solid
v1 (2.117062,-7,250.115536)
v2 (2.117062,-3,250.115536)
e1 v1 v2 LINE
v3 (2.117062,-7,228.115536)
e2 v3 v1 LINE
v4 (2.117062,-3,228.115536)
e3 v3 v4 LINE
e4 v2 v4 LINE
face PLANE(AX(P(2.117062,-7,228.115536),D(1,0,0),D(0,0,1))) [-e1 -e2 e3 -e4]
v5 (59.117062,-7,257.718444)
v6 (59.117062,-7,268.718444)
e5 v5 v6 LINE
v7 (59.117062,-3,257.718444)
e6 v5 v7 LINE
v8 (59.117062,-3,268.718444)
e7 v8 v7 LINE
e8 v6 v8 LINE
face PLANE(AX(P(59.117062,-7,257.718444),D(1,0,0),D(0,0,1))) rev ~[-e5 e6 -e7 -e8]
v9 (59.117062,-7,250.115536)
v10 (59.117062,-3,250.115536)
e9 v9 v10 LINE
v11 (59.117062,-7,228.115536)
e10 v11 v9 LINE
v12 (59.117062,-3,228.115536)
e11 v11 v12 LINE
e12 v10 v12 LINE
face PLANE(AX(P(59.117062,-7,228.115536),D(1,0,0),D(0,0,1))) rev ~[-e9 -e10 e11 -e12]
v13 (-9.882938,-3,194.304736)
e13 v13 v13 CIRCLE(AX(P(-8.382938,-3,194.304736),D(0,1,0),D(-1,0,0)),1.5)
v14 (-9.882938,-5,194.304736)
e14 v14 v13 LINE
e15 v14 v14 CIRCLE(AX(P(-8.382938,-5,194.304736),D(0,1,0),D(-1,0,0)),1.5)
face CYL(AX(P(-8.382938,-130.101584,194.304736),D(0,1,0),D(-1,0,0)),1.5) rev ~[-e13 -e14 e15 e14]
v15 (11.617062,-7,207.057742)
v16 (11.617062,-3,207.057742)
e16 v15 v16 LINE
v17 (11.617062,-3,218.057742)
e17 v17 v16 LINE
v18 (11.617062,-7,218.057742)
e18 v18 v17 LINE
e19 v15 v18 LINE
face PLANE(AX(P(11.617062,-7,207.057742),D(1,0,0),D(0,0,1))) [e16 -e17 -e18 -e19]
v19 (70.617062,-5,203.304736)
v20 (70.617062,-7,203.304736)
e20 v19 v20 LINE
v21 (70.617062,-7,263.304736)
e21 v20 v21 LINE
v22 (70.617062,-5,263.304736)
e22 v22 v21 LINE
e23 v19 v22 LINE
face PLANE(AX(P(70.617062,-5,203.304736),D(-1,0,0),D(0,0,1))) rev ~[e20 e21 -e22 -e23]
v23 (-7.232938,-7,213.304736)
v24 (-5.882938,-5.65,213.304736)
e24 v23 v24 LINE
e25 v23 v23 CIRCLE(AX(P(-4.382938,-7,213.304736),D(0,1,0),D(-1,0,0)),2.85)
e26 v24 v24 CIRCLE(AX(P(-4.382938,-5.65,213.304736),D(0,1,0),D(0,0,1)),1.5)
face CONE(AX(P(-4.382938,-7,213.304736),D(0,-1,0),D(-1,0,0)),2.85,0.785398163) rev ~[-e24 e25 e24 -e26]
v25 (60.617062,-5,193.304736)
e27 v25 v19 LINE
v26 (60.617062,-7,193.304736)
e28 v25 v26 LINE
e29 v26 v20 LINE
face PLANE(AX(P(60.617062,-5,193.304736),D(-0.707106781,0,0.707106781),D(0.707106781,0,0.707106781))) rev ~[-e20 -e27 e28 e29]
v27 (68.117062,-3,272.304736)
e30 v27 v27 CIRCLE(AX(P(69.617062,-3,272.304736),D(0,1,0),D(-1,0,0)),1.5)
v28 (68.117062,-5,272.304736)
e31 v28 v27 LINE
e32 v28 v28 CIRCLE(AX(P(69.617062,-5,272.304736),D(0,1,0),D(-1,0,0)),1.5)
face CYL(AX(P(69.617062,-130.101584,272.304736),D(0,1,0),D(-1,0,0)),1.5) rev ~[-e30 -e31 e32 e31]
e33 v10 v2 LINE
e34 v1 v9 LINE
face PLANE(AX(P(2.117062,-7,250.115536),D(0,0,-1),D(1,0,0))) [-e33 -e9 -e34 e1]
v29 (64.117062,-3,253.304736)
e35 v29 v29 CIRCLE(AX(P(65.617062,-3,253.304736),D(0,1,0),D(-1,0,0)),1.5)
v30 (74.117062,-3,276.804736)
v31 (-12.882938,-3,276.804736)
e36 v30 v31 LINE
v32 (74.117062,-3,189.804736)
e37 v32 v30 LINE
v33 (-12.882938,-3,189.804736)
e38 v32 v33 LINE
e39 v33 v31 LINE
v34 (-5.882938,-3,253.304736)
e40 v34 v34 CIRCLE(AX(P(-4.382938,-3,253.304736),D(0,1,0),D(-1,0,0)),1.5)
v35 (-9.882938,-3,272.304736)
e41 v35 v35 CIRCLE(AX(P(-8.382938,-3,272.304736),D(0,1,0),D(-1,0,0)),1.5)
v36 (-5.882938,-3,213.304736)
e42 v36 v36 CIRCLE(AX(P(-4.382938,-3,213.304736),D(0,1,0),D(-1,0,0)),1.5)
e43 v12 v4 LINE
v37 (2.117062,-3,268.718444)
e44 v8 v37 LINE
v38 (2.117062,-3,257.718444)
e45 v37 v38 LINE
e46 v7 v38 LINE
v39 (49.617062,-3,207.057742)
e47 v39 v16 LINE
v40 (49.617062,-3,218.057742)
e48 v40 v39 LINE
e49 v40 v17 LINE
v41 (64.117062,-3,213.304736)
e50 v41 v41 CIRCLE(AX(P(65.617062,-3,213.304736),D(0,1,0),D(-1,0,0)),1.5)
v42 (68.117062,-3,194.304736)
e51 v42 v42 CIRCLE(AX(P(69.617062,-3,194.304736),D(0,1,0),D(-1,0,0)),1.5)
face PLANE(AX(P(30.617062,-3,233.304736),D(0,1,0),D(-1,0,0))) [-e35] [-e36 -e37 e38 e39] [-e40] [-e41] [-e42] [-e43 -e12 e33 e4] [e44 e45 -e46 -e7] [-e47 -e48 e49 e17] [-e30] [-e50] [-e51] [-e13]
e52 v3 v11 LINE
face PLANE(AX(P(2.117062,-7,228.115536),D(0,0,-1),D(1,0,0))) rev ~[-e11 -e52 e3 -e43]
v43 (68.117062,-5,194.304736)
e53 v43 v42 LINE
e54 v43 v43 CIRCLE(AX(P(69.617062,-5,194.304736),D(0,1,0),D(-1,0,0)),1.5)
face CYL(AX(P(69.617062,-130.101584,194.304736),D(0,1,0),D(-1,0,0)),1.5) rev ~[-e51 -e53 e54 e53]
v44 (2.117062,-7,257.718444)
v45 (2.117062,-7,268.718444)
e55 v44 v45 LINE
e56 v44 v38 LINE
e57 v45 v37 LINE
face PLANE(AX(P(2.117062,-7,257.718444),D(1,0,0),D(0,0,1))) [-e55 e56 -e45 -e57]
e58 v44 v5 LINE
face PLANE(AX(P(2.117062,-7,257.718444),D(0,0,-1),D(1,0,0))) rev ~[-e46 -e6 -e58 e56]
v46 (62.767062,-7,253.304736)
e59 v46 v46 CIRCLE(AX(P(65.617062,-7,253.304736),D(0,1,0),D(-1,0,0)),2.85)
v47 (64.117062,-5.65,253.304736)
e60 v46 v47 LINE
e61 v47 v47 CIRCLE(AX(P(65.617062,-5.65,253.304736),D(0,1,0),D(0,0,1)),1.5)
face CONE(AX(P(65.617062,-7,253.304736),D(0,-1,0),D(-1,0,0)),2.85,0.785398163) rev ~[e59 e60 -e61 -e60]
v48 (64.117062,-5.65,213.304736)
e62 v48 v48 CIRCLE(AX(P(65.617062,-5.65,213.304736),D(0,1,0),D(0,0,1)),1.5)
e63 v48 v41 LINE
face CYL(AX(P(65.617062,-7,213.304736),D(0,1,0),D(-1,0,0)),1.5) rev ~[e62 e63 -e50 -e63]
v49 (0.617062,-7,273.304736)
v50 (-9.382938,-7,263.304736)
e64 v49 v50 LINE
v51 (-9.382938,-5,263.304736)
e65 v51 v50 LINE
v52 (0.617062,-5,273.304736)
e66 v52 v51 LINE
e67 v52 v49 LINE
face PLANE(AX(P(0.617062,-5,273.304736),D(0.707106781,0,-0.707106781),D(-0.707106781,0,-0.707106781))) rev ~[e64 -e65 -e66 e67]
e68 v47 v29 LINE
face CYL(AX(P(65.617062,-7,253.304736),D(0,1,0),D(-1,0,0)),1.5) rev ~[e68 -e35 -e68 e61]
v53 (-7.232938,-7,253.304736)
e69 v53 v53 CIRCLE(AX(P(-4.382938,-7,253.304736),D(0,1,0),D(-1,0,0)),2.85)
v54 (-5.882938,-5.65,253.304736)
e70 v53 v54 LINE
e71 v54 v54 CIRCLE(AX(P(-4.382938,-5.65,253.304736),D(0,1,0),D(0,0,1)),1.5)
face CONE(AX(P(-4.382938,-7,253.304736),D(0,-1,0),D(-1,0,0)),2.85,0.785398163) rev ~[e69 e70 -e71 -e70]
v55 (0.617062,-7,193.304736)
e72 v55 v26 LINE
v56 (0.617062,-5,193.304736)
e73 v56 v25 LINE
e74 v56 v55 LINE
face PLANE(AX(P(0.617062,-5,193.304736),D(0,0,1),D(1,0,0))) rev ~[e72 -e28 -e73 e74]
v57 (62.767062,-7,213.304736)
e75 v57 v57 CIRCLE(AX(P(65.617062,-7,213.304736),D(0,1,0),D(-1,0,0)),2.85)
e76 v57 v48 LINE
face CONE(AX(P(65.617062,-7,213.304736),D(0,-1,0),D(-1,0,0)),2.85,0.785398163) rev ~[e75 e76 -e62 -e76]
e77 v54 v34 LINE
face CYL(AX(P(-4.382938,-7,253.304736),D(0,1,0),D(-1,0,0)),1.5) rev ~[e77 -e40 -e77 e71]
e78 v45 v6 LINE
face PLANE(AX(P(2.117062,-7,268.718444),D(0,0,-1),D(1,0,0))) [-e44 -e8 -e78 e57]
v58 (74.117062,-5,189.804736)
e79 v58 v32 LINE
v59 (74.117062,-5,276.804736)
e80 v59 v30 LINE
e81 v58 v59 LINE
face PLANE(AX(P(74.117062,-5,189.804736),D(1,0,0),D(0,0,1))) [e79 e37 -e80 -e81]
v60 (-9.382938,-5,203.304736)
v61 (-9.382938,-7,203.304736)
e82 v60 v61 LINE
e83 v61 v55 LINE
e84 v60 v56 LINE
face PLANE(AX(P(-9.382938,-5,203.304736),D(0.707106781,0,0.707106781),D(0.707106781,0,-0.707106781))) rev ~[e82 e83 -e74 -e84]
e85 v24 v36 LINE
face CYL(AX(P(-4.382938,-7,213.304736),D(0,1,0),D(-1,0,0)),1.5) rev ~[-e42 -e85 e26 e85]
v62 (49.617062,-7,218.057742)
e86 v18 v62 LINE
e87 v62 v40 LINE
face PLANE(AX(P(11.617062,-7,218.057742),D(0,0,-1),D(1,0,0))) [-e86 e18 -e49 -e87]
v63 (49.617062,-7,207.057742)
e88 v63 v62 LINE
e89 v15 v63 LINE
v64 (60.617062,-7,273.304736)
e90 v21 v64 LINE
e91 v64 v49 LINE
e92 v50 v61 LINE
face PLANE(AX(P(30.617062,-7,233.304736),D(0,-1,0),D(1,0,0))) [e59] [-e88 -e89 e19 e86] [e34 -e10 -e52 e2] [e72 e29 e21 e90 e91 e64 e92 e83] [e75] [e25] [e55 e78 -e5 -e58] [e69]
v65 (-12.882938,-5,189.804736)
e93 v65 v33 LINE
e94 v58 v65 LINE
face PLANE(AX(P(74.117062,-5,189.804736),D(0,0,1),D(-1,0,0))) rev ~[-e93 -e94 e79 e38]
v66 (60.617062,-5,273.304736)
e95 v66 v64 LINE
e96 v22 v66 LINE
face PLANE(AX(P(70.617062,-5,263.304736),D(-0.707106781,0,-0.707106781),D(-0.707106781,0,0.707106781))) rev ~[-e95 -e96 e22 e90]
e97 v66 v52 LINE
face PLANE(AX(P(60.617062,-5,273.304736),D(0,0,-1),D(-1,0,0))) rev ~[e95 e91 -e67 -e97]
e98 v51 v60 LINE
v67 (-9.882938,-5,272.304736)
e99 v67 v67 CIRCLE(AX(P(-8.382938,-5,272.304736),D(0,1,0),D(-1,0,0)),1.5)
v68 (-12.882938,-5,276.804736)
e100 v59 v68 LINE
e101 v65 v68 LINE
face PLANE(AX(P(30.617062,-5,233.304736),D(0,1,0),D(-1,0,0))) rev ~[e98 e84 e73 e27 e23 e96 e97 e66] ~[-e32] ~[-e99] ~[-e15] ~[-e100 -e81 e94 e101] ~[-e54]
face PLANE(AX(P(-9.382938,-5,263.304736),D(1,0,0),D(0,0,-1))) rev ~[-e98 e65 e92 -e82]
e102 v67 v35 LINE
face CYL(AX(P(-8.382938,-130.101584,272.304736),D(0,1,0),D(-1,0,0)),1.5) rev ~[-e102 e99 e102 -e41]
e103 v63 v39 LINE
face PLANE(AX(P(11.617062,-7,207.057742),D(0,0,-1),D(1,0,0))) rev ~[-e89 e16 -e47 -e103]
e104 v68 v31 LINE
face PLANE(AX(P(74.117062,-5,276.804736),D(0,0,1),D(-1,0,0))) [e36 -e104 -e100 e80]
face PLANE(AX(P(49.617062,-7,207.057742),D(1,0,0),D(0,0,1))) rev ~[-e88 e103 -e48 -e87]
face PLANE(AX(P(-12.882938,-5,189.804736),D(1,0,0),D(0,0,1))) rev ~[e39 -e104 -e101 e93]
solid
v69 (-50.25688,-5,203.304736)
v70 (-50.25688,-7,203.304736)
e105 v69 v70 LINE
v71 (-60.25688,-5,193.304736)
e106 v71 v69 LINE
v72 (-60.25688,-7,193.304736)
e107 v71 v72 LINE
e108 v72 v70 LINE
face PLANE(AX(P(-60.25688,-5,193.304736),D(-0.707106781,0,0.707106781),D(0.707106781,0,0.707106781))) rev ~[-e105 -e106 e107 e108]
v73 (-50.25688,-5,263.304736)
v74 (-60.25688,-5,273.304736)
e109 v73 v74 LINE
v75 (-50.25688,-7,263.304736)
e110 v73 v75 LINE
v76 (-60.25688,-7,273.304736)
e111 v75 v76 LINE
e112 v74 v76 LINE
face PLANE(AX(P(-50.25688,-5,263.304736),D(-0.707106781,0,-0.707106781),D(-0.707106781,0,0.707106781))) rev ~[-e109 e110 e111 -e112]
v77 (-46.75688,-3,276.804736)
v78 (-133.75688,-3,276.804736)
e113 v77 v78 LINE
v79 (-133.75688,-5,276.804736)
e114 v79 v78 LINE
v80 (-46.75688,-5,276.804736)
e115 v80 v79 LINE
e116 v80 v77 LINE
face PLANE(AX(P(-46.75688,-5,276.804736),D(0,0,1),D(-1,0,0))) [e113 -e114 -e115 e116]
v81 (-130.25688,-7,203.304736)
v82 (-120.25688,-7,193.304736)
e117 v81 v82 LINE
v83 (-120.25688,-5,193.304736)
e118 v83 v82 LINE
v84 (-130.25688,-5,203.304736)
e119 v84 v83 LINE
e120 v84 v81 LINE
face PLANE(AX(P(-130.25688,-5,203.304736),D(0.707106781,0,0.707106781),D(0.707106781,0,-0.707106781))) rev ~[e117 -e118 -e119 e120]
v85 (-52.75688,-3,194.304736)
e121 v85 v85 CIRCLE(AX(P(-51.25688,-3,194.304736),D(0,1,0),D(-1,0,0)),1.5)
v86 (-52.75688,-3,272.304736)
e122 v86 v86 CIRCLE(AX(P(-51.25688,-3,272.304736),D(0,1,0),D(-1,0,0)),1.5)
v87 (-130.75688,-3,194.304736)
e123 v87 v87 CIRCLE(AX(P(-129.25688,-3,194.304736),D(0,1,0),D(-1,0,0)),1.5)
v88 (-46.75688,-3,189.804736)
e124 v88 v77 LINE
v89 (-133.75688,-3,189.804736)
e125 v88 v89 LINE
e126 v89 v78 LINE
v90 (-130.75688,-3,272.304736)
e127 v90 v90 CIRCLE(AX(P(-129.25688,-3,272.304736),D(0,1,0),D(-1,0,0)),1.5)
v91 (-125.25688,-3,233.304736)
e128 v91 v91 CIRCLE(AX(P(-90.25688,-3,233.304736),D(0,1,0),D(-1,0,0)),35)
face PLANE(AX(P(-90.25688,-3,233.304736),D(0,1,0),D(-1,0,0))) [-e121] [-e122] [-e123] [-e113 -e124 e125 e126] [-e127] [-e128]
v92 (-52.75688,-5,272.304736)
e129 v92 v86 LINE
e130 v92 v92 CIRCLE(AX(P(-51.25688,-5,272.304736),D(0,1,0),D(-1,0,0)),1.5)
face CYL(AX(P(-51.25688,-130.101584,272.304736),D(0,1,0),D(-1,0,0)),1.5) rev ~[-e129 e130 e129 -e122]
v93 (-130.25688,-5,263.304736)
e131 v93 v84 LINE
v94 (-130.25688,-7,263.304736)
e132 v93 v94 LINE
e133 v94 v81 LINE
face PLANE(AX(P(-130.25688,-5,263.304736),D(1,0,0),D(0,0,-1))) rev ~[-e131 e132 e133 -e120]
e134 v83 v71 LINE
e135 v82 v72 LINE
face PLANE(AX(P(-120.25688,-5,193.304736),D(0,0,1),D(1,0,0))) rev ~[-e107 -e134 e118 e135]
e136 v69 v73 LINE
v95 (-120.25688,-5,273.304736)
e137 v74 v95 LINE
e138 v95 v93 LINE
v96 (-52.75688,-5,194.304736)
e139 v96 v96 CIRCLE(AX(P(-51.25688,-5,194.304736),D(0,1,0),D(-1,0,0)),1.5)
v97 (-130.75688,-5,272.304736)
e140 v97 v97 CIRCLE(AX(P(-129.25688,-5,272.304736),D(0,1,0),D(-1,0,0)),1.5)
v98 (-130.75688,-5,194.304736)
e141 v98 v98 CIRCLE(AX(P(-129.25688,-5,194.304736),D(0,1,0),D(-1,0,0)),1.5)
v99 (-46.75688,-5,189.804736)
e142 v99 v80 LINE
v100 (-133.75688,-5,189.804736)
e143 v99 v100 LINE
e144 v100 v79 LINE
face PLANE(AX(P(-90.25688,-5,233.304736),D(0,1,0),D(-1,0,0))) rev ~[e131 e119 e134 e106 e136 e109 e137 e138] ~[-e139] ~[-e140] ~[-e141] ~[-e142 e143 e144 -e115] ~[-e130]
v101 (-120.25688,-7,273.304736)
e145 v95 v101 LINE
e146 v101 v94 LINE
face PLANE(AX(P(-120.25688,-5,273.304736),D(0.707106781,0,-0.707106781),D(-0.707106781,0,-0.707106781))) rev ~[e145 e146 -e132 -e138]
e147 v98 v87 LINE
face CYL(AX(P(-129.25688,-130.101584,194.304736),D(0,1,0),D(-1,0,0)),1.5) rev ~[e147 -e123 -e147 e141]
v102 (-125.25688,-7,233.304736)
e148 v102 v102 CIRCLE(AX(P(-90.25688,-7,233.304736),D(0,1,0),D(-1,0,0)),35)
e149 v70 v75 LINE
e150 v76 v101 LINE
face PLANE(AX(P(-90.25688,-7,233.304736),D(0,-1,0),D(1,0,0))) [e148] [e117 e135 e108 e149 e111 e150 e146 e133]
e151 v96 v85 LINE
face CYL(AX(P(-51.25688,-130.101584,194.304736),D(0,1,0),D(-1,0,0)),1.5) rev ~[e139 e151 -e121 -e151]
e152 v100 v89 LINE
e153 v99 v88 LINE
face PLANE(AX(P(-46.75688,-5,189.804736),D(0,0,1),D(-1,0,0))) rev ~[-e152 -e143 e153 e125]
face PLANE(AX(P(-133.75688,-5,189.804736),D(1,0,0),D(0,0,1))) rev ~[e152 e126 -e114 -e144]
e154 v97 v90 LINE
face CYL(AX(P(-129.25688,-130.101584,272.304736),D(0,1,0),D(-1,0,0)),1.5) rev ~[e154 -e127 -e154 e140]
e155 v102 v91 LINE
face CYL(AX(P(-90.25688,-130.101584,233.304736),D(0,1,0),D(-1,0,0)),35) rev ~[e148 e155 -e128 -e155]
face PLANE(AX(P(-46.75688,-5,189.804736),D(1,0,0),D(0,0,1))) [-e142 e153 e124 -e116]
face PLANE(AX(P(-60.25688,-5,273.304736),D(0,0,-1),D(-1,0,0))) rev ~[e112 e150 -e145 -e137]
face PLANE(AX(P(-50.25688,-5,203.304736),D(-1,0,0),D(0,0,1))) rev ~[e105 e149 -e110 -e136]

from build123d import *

# Parameters (mm, degrees)
F2_DEPTH        = 2
F3_W            = 87
F3_H            = 87
F4_DEPTH        = 2
F6_D            = 3
F7_D            = 70
F9_DEPTH        = 2
F10_W           = 87
F10_H           = 87
F11_DEPTH       = 2
F13_D           = 3
F14_D           = 3
F14_CSINK_D     = 5.7
F14_CSINK_ANGLE = 90
F15_W           = 57
F15_H           = 11
F15_H_2         = 22
F15_W_2         = 38
F16_DEPTH       = 5


with BuildPart() as f2:
    # F1 (on offset) → F2 (new body)
    with BuildSketch(Plane.XZ.offset(5)):
        Polygon((-50.25688, 233.304736), (-50.25688, 263.304736), (-60.25688, 273.304736), (-90.25688, 273.304736), (-120.25688, 273.304736), (-130.25688, 263.304736), (-130.25688, 233.304736), (-130.25688, 203.304736), (-120.25688, 193.304736), (-90.25688, 193.304736), (-60.25688, 193.304736), (-50.25688, 203.304736), align=None)
    extrude(amount=F2_DEPTH)

    # F3 (on face) → F4 (join)
    with BuildSketch(Plane(origin=(0, -5, 0), x_dir=(-1, 0, 0), z_dir=(0, 1, 0))):
        with Locations((90.25688, 233.304736)):
            Rectangle(F3_W, F3_H)
    extrude(amount=F4_DEPTH)

    # F6 (through all)
    with Locations(Plane.XZ.offset(7)):
        with Locations((-129.25688, 272.304736), (-51.25688, 272.304736), (-51.25688, 194.304736), (-129.25688, 194.304736)):
            Hole(F6_D / 2)

    # F7 (through all)
    with Locations(Plane.XZ.offset(7)):
        with Locations((-90.25688, 233.304736)):
            Hole(F7_D / 2)


with BuildPart() as f9:
    # F8 (on offset) → F9 (new body)
    with BuildSketch(Plane.XZ.offset(5)):
        Polygon((70.617062, 233.304736), (70.617062, 263.304736), (60.617062, 273.304736), (30.617062, 273.304736), (0.617062, 273.304736), (-9.382938, 263.304736), (-9.382938, 233.304736), (-9.382938, 203.304736), (0.617062, 193.304736), (30.617062, 193.304736), (60.617062, 193.304736), (70.617062, 203.304736), align=None)
    extrude(amount=F9_DEPTH)

    # F10 (on face) → F11 (join)
    with BuildSketch(Plane(origin=(0, -5, 0), x_dir=(-1, 0, 0), z_dir=(0, 1, 0))):
        with Locations((-30.617062, 233.304736)):
            Rectangle(F10_W, F10_H)
    extrude(amount=F11_DEPTH)

    # F13 (through all)
    with Locations(Plane.XZ.offset(7)):
        with Locations((-8.382938, 272.304736), (-8.382938, 194.304736), (69.617062, 194.304736), (69.617062, 272.304736)):
            Hole(F13_D / 2)

    # F14 (through all)
    with Locations(Plane.XZ.offset(7)):
        with Locations((-4.382938, 253.304736), (-4.382938, 213.304736), (65.617062, 213.304736), (65.617062, 253.304736)):
            CounterSinkHole(F14_D / 2, F14_CSINK_D / 2, counter_sink_angle=F14_CSINK_ANGLE)

    # F15 (on face) → F16 (cut)
    with BuildSketch(Plane.XZ.offset(7)):
        with Locations((30.617062, 263.218444)):
            Rectangle(F15_W, F15_H)
        with Locations((30.617062, 239.115536)):
            Rectangle(F15_W, F15_H_2)
        with Locations((30.617062, 212.557742)):
            Rectangle(F15_W_2, F15_H)
    extrude(amount=-F16_DEPTH, mode=Mode.SUBTRACT)


solid = Compound([f2.part, f9.part])
